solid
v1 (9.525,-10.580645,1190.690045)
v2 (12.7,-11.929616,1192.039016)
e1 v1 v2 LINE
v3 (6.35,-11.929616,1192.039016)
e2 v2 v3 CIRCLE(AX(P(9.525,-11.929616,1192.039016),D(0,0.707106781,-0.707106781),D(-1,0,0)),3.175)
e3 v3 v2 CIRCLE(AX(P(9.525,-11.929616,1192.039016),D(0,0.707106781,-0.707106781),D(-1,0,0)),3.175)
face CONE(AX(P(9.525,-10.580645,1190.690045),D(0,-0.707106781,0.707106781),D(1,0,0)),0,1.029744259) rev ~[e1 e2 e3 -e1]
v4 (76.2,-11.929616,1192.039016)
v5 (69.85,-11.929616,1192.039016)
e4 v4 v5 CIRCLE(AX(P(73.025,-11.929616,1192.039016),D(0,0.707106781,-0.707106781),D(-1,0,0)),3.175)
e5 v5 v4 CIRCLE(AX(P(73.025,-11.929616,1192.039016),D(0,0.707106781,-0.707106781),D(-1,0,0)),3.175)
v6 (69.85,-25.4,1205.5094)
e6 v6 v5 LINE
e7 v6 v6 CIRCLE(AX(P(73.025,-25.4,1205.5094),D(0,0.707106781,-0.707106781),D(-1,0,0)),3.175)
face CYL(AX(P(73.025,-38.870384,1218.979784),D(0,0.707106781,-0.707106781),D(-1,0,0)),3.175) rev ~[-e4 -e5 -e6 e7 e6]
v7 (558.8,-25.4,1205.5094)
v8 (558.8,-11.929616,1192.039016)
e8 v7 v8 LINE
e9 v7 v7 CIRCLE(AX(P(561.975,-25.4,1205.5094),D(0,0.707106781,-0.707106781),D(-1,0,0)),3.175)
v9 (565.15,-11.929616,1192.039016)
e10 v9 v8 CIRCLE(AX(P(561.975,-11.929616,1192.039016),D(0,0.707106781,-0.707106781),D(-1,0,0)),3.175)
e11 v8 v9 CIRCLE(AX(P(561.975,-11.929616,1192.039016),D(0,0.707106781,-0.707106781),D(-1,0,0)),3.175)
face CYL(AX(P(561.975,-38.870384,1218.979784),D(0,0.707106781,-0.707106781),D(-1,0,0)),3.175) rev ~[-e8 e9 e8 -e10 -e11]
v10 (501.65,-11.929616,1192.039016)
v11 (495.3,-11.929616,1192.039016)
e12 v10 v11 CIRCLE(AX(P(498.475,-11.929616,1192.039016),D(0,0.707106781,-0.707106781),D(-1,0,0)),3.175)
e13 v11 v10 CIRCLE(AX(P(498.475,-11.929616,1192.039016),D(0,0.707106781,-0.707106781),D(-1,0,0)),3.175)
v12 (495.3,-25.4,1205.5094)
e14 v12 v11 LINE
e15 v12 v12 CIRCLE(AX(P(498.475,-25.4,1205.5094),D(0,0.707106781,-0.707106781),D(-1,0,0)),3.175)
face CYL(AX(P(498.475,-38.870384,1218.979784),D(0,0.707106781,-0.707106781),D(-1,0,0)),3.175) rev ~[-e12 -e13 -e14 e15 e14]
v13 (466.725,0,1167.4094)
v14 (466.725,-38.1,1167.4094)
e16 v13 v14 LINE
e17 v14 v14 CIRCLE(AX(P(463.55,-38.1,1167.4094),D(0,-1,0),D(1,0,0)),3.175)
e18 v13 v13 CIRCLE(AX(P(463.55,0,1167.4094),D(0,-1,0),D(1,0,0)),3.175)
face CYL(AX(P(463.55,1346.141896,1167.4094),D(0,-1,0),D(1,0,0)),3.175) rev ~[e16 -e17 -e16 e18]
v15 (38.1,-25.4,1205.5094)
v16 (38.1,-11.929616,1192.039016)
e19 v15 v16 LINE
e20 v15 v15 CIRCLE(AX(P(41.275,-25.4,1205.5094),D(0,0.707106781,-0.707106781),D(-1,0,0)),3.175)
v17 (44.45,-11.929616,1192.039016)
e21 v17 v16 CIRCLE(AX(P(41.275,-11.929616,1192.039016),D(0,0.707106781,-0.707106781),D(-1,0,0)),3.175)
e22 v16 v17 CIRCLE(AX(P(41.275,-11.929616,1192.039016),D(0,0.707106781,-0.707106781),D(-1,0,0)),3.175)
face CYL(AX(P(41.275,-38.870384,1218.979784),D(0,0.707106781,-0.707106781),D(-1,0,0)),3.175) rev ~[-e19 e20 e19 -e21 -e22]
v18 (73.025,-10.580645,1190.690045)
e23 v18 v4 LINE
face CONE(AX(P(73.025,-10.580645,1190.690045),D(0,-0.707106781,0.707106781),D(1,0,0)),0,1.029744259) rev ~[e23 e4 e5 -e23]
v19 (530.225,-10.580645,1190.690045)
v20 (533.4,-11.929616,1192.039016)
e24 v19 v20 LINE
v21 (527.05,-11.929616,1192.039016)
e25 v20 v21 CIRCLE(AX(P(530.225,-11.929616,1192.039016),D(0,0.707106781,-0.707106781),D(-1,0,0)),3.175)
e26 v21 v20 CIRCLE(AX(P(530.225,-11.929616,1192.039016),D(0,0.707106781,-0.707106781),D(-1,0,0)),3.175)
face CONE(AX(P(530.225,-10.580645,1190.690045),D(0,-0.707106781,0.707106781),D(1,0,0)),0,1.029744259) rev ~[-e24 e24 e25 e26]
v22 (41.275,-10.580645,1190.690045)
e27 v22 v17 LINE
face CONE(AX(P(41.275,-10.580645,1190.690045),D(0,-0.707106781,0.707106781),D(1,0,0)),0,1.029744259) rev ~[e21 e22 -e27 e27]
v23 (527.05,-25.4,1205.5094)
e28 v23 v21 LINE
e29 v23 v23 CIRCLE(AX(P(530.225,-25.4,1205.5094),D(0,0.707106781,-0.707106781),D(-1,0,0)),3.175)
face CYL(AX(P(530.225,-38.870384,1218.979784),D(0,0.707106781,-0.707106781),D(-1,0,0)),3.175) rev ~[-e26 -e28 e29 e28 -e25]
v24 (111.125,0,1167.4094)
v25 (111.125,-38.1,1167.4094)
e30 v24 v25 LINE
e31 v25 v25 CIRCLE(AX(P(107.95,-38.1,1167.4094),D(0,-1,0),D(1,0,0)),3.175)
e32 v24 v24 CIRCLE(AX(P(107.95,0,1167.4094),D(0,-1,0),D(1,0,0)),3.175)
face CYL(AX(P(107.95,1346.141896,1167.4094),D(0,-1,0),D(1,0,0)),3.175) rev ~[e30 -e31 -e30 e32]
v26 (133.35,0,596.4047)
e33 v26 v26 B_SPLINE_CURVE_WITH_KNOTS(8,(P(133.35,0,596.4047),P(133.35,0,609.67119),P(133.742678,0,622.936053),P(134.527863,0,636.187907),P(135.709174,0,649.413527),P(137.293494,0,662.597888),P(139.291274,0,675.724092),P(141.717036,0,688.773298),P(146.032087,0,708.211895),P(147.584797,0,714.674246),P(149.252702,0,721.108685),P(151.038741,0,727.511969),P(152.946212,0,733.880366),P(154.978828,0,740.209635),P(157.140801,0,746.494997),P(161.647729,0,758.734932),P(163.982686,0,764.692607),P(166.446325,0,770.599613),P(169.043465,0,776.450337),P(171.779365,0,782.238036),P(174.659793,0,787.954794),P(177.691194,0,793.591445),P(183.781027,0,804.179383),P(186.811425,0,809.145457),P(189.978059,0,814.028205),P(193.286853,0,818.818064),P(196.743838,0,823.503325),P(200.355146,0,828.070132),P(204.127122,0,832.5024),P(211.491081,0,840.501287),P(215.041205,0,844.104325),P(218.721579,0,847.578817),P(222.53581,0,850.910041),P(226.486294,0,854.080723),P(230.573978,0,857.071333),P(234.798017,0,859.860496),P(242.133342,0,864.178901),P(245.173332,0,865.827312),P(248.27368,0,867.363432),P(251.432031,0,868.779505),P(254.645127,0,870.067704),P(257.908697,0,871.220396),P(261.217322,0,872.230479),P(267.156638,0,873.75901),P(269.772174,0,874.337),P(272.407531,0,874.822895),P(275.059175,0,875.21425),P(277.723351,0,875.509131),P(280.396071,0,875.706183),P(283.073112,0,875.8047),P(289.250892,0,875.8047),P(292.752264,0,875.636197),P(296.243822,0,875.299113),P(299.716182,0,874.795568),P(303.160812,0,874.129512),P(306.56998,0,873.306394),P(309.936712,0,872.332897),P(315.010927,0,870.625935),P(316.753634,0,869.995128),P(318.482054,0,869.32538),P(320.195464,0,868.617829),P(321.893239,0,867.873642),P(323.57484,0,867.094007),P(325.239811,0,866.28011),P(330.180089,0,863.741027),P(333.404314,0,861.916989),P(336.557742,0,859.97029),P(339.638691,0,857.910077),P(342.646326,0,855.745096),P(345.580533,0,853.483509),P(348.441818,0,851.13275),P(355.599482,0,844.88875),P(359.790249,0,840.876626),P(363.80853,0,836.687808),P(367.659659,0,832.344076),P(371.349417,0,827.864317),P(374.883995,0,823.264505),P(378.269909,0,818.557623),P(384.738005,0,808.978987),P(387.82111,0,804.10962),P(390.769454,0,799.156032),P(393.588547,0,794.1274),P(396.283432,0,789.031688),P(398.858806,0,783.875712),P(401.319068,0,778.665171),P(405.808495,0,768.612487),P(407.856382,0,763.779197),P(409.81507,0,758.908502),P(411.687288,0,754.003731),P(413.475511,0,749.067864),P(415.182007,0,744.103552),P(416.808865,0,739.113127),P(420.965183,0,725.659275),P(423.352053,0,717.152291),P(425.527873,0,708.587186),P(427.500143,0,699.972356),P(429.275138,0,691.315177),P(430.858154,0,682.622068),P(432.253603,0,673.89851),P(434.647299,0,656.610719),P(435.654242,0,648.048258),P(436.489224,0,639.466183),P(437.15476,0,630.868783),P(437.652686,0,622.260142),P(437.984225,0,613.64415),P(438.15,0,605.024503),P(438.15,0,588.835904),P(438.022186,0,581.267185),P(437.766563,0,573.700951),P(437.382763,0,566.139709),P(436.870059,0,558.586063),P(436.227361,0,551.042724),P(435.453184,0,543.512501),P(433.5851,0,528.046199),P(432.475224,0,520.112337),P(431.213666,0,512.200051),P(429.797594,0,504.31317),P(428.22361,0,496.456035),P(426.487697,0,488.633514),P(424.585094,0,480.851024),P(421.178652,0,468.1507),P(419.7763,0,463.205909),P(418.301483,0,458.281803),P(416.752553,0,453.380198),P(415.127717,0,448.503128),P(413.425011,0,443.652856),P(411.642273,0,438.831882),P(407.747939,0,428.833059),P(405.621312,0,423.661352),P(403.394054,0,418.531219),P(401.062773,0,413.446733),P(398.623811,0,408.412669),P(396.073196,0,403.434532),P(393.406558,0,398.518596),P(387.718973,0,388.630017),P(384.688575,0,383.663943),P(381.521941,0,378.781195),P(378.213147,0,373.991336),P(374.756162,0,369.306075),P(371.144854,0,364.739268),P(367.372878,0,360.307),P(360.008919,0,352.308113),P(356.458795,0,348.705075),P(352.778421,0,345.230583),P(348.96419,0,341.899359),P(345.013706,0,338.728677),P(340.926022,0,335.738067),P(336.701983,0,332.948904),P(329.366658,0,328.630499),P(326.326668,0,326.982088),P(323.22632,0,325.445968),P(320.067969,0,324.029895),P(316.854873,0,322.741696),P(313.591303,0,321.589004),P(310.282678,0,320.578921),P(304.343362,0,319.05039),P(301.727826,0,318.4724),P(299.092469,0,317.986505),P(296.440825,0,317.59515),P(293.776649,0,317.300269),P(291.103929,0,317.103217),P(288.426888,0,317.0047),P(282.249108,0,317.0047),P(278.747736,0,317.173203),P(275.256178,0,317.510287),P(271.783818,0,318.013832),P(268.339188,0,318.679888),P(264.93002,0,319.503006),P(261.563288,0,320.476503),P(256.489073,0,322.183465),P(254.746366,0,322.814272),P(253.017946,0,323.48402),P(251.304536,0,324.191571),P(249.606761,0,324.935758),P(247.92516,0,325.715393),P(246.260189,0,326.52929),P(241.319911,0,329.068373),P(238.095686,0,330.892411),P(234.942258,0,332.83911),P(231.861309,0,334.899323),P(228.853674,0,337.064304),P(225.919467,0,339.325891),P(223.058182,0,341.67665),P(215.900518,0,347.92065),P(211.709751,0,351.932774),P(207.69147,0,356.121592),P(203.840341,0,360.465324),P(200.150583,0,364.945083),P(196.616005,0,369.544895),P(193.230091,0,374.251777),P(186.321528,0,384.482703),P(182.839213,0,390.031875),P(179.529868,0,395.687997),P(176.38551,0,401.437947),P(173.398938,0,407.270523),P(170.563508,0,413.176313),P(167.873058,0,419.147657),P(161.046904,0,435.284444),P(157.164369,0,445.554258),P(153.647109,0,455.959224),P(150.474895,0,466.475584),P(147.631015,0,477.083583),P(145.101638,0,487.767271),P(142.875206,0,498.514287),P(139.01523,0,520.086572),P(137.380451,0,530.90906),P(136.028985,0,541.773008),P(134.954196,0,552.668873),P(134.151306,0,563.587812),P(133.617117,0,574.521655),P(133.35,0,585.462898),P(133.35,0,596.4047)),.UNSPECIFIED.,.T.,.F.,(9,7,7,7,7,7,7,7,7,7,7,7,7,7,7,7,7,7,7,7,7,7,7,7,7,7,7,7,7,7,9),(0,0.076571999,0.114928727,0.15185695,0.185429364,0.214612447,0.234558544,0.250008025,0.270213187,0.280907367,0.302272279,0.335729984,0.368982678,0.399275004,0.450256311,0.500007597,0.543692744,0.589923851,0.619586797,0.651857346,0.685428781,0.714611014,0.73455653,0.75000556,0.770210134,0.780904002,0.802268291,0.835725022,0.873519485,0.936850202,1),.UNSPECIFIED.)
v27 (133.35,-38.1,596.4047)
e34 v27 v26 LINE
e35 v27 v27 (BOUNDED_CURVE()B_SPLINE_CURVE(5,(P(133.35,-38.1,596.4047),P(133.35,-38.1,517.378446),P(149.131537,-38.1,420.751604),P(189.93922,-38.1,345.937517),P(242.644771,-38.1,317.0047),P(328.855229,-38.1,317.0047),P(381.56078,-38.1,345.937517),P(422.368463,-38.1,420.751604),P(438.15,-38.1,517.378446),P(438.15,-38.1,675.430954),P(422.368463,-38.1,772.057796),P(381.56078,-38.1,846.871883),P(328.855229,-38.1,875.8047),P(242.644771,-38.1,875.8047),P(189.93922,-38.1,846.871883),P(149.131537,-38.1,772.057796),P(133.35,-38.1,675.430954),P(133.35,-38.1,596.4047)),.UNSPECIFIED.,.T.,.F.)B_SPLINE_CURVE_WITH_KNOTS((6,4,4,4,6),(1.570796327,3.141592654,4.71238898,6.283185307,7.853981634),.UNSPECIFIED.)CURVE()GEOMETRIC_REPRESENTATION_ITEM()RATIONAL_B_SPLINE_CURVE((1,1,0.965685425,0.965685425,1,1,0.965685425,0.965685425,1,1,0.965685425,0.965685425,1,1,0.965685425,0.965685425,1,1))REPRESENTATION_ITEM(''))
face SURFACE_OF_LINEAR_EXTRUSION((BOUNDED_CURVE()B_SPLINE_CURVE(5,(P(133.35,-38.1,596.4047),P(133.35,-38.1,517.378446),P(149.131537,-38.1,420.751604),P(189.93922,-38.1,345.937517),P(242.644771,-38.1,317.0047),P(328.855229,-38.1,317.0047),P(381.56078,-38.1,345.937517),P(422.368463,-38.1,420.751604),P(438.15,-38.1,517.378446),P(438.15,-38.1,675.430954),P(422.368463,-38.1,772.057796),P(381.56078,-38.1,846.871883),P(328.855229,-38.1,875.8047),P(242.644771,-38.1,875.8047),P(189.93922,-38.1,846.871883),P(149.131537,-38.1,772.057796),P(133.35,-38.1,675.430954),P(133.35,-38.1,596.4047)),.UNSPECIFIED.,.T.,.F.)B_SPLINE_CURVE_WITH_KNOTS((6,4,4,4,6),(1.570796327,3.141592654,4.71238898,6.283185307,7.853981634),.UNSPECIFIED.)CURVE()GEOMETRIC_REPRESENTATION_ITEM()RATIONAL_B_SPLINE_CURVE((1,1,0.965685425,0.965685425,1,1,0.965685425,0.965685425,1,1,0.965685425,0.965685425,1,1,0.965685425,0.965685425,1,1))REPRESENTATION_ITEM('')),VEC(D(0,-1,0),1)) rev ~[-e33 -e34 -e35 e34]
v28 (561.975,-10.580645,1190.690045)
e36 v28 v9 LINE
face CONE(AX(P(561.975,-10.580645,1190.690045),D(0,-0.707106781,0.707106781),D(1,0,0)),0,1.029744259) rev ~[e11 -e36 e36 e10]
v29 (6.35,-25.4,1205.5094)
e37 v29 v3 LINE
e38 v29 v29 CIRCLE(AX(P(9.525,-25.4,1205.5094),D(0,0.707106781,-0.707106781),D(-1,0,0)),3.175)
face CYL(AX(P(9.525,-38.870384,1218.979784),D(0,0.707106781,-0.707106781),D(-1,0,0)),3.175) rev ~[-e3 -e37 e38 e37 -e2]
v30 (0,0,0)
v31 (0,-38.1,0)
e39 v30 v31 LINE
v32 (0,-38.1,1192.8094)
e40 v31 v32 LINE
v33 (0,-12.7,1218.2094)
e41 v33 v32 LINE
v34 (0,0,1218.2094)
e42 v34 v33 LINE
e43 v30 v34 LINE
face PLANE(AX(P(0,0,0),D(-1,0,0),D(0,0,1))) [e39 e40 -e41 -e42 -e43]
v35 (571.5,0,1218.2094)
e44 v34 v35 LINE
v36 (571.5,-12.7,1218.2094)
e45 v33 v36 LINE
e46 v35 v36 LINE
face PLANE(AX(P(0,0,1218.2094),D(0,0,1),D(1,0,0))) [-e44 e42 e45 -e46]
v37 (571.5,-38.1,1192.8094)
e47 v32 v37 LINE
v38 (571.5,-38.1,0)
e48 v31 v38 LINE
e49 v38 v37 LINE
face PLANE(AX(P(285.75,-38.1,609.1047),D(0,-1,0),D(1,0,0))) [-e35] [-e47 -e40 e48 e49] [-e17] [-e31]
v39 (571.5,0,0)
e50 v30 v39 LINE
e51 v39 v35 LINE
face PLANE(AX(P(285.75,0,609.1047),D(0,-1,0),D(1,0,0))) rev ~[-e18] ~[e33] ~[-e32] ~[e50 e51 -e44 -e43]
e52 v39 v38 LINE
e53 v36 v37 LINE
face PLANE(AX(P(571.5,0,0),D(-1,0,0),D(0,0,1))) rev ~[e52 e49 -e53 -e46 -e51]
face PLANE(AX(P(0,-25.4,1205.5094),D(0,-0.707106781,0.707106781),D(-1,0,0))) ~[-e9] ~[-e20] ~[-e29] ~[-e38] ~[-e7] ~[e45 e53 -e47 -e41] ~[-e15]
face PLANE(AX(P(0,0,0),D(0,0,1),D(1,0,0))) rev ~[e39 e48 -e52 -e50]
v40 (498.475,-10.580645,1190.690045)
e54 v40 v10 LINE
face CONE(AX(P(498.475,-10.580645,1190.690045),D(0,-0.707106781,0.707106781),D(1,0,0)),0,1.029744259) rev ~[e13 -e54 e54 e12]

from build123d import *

# Parameters (mm, degrees)
F0_W     = 571.5
F0_H     = 1218.2094
F1_DEPTH = 38.1
F2_SIZE  = 25.4
F4_D     = 6.35
F4_DEPTH = 19.05
F4_TIP   = 1.9077324654
F6_DEPTH = 38.101
F8_D     = 6.35


with BuildPart() as f1:
    # F0 (on Front) → F1 (new body)
    with BuildSketch(Plane.XZ):
        with Locations((285.75, 609.1047)):
            Rectangle(F0_W, F0_H)
    extrude(amount=F1_DEPTH)

    # F2
    f2_edges = [f1.edges().sort_by_distance(p)[0] for p in [
        (285.75, -38.1, 1218.2094),
    ]]
    chamfer(f2_edges, length=F2_SIZE)

    # F4
    with Locations(Plane(origin=(0, -615.4547, 615.4547), x_dir=(1, 0, 0), z_dir=(0, -0.7071067812, 0.7071067812))):
        with Locations((9.525, 834.463359282), (41.275, 834.463359282), (73.025, 834.463359282), (498.475, 834.463359282), (530.225, 834.463359282), (561.975, 834.463359282)):
            Hole(F4_D / 2, depth=F4_DEPTH)
            with Locations((0, 0, -(F4_DEPTH + F4_TIP / 2))):  # 118° drill point
                Cone(0, F4_D / 2, F4_TIP, mode=Mode.SUBTRACT)

    # F5 (on face) → F6 (cut, through all)
    with BuildSketch(Plane.XZ.offset(38.1)):
        with BuildLine():
            add(Edge.make_bspline(
                [(285.75, 875.8047), (133.35, 875.8047), (133.35, 596.4047)],
                knots=[0, 0, 0, 1.5707963268, 1.5707963268, 1.5707963268], degree=2, weights=[1, 0.7071067812, 1]))
            Line((133.35, 596.4047), (285.75, 596.4047))
            Line((285.75, 596.4047), (285.75, 875.8047))
        make_face()
        with BuildLine():
            Line((285.75, 875.8047), (285.75, 596.4047))
            Line((285.75, 596.4047), (438.15, 596.4047))
            add(Edge.make_bspline(
                [(438.15, 596.4047), (438.15, 875.8047), (285.75, 875.8047)],
                knots=[4.7123889804, 4.7123889804, 4.7123889804, 6.2831853072, 6.2831853072, 6.2831853072], degree=2, weights=[1, 0.7071067812, 1]))
        make_face()
        with BuildLine():
            Line((438.15, 596.4047), (285.75, 596.4047))
            Line((285.75, 596.4047), (285.75, 317.0047))
            add(Edge.make_bspline(
                [(285.75, 317.0047), (438.15, 317.0047), (438.15, 596.4047)],
                knots=[3.1415926536, 3.1415926536, 3.1415926536, 4.7123889804, 4.7123889804, 4.7123889804], degree=2, weights=[1, 0.7071067812, 1]))
        make_face()
        with BuildLine():
            Line((285.75, 596.4047), (133.35, 596.4047))
            add(Edge.make_bspline(
                [(133.35, 596.4047), (133.35, 317.0047), (285.75, 317.0047)],
                knots=[1.5707963268, 1.5707963268, 1.5707963268, 3.1415926536, 3.1415926536, 3.1415926536], degree=2, weights=[1, 0.7071067812, 1]))
            Line((285.75, 317.0047), (285.75, 596.4047))
        make_face()
    extrude(amount=-F6_DEPTH, mode=Mode.SUBTRACT)

    # F8 (through all)
    with Locations(Plane(origin=(0, 0, 0), x_dir=(-1, 0, 0), z_dir=(0, 1, 0))):
        with Locations((-463.55, 1167.4094), (-107.95, 1167.4094)):
            Hole(F8_D / 2)


solid = f1.part
